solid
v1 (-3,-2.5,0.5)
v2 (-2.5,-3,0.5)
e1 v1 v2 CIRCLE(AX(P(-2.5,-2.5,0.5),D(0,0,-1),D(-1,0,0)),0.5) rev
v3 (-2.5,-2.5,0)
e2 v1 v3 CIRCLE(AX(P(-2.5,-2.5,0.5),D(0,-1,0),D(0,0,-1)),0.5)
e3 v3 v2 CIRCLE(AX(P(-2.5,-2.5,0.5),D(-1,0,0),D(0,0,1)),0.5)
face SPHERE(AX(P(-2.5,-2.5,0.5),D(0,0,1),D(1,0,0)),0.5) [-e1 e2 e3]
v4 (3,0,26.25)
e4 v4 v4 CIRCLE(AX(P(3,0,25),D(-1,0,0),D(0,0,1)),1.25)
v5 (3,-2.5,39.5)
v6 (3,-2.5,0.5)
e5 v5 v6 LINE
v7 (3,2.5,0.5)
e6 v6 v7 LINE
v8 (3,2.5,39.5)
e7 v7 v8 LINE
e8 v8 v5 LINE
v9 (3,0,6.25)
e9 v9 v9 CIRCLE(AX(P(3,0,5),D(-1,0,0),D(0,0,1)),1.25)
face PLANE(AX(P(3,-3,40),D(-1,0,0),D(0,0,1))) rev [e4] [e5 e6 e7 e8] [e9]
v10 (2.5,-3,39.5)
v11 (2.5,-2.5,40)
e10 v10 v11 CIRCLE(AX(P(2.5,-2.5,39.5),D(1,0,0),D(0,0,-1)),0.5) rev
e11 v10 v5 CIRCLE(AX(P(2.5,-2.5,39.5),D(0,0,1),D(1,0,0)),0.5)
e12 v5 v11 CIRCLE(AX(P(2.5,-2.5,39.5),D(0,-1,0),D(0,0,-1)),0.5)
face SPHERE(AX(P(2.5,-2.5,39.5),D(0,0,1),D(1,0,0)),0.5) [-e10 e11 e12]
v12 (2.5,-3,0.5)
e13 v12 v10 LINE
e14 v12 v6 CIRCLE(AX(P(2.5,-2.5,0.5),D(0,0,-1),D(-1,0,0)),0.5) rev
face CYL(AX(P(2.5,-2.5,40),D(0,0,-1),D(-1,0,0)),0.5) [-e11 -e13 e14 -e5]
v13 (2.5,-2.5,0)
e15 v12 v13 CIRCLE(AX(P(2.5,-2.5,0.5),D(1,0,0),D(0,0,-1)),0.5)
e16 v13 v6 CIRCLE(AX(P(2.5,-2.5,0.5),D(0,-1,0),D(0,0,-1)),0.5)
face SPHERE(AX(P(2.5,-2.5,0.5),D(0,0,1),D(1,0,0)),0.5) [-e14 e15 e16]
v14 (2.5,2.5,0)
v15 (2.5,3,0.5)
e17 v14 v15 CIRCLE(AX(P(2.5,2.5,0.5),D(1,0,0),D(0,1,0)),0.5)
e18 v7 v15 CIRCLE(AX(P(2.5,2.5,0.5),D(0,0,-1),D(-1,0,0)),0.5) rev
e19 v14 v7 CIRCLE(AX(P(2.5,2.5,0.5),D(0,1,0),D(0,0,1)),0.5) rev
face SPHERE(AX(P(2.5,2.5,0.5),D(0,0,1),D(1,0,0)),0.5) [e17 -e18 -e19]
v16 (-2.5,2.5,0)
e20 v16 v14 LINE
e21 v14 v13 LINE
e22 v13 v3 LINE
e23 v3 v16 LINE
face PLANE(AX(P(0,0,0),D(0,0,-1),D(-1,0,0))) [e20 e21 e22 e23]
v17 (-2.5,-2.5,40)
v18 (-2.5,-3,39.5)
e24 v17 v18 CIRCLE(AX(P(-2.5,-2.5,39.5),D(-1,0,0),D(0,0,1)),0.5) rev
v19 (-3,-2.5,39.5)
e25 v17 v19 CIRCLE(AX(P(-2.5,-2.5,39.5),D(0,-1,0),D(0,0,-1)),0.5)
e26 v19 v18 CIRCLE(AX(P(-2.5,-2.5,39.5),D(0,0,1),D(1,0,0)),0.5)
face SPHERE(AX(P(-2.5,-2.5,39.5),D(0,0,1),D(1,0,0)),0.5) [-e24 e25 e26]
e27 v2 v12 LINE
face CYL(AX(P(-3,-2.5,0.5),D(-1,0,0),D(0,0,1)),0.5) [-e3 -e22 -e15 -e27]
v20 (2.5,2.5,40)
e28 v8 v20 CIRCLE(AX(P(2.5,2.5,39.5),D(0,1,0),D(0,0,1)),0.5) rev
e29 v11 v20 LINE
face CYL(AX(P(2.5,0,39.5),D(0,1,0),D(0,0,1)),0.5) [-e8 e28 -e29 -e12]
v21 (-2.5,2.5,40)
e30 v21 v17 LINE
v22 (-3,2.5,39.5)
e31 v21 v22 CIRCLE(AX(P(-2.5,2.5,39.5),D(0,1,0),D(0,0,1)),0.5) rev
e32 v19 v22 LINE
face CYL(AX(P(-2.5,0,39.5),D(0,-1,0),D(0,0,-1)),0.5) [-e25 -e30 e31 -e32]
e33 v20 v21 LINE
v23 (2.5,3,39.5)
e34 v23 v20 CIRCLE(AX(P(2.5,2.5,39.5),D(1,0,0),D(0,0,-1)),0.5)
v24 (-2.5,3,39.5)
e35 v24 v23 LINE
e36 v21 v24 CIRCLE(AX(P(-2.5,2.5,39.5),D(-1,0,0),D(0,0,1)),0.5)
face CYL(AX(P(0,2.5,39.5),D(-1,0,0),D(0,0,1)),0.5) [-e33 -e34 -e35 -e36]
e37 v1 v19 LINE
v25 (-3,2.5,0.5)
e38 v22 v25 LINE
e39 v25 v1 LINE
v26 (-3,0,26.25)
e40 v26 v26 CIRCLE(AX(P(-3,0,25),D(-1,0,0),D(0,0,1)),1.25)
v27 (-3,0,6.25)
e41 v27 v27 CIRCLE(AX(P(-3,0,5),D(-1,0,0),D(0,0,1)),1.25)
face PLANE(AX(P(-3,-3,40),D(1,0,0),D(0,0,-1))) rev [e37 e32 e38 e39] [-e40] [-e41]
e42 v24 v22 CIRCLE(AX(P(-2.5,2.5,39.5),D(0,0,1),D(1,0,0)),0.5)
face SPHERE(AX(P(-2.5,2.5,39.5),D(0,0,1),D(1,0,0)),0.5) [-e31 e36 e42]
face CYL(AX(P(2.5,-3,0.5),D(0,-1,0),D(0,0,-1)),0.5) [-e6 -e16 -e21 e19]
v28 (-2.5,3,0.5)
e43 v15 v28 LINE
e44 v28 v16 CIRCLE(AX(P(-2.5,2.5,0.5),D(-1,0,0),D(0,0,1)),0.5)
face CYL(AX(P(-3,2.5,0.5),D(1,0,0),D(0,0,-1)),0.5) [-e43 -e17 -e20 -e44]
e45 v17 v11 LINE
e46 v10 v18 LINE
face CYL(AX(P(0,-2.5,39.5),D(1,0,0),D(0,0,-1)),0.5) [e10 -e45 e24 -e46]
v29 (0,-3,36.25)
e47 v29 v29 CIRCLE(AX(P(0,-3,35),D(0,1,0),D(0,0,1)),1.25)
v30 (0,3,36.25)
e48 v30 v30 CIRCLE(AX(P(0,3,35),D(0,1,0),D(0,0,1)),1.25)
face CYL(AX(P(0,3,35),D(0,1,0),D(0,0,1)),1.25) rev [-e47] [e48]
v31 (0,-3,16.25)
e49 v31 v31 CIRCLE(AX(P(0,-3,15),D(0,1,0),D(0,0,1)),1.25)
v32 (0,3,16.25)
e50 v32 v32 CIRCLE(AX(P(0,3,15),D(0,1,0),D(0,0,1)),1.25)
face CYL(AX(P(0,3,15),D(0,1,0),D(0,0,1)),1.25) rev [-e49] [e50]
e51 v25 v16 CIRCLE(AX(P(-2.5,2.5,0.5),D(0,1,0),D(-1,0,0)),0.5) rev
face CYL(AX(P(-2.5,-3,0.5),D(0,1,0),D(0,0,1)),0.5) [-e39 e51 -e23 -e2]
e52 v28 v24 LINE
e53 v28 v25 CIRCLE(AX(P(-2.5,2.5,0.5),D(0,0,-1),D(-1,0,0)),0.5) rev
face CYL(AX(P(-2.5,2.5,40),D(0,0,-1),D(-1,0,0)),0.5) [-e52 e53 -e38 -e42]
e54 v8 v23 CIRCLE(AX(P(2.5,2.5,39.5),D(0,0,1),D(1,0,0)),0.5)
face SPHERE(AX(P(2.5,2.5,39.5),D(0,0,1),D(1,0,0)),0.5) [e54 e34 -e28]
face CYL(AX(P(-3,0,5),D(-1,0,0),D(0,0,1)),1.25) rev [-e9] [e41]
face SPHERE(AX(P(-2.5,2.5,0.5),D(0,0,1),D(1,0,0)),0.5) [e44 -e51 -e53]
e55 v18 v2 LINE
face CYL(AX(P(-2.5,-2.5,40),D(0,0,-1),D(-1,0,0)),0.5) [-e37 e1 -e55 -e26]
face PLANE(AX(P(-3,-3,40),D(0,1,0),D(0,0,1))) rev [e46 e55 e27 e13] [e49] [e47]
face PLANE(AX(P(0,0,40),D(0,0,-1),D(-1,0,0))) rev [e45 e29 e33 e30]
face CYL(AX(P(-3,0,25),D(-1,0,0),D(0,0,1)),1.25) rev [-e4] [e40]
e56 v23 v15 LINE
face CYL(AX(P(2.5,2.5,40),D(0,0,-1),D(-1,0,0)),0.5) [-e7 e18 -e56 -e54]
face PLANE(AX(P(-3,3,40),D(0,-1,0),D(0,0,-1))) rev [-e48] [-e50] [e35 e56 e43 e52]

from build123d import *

# Parameters (mm, degrees)
SKETCH_1_W         = 6
SKETCH_1_H         = 6
EXTRUDE_1_DEPTH    = 40
HOLE_WIZARD_M3_1_D = 2.5
HOLE_WIZARD_M3_2_D = 2.5
FILLET_1_R         = 0.5


with BuildPart() as part:
    # 草图1 → 凸台-拉伸1 (new body)
    with BuildSketch(Plane.XY):
        Rectangle(SKETCH_1_W, SKETCH_1_H)
    extrude(amount=EXTRUDE_1_DEPTH)

    # M3 螺纹孔1 (through all)
    with Locations(Plane(origin=(0, 3, 0), x_dir=(1, 0, 0), z_dir=(0, 1, 0))):
        with Locations((0, -35), (0, -15)):
            Hole(HOLE_WIZARD_M3_1_D / 2)

    # M3 螺纹孔2 (through all)
    with Locations(Plane.ZY.offset(3)):
        with Locations((5, 0), (25, 0)):
            Hole(HOLE_WIZARD_M3_2_D / 2)

    # 圆角1
    fillet_1_edges = [part.edges().sort_by_distance(p)[0] for p in [
        (-3, 0, 40),
        (0, -3, 40),
        (3, 0, 40),
        (0, -3, 0),
        (-3, 0, 0),
        (0, 3, 0),
        (3, 0, 0),
        (0, 3, 40),
        (3, -3, 20),
        (-3, -3, 20),
        (-3, 3, 20),
        (3, 3, 20),
    ]]
    fillet(fillet_1_edges, radius=FILLET_1_R)


solid = part.part
